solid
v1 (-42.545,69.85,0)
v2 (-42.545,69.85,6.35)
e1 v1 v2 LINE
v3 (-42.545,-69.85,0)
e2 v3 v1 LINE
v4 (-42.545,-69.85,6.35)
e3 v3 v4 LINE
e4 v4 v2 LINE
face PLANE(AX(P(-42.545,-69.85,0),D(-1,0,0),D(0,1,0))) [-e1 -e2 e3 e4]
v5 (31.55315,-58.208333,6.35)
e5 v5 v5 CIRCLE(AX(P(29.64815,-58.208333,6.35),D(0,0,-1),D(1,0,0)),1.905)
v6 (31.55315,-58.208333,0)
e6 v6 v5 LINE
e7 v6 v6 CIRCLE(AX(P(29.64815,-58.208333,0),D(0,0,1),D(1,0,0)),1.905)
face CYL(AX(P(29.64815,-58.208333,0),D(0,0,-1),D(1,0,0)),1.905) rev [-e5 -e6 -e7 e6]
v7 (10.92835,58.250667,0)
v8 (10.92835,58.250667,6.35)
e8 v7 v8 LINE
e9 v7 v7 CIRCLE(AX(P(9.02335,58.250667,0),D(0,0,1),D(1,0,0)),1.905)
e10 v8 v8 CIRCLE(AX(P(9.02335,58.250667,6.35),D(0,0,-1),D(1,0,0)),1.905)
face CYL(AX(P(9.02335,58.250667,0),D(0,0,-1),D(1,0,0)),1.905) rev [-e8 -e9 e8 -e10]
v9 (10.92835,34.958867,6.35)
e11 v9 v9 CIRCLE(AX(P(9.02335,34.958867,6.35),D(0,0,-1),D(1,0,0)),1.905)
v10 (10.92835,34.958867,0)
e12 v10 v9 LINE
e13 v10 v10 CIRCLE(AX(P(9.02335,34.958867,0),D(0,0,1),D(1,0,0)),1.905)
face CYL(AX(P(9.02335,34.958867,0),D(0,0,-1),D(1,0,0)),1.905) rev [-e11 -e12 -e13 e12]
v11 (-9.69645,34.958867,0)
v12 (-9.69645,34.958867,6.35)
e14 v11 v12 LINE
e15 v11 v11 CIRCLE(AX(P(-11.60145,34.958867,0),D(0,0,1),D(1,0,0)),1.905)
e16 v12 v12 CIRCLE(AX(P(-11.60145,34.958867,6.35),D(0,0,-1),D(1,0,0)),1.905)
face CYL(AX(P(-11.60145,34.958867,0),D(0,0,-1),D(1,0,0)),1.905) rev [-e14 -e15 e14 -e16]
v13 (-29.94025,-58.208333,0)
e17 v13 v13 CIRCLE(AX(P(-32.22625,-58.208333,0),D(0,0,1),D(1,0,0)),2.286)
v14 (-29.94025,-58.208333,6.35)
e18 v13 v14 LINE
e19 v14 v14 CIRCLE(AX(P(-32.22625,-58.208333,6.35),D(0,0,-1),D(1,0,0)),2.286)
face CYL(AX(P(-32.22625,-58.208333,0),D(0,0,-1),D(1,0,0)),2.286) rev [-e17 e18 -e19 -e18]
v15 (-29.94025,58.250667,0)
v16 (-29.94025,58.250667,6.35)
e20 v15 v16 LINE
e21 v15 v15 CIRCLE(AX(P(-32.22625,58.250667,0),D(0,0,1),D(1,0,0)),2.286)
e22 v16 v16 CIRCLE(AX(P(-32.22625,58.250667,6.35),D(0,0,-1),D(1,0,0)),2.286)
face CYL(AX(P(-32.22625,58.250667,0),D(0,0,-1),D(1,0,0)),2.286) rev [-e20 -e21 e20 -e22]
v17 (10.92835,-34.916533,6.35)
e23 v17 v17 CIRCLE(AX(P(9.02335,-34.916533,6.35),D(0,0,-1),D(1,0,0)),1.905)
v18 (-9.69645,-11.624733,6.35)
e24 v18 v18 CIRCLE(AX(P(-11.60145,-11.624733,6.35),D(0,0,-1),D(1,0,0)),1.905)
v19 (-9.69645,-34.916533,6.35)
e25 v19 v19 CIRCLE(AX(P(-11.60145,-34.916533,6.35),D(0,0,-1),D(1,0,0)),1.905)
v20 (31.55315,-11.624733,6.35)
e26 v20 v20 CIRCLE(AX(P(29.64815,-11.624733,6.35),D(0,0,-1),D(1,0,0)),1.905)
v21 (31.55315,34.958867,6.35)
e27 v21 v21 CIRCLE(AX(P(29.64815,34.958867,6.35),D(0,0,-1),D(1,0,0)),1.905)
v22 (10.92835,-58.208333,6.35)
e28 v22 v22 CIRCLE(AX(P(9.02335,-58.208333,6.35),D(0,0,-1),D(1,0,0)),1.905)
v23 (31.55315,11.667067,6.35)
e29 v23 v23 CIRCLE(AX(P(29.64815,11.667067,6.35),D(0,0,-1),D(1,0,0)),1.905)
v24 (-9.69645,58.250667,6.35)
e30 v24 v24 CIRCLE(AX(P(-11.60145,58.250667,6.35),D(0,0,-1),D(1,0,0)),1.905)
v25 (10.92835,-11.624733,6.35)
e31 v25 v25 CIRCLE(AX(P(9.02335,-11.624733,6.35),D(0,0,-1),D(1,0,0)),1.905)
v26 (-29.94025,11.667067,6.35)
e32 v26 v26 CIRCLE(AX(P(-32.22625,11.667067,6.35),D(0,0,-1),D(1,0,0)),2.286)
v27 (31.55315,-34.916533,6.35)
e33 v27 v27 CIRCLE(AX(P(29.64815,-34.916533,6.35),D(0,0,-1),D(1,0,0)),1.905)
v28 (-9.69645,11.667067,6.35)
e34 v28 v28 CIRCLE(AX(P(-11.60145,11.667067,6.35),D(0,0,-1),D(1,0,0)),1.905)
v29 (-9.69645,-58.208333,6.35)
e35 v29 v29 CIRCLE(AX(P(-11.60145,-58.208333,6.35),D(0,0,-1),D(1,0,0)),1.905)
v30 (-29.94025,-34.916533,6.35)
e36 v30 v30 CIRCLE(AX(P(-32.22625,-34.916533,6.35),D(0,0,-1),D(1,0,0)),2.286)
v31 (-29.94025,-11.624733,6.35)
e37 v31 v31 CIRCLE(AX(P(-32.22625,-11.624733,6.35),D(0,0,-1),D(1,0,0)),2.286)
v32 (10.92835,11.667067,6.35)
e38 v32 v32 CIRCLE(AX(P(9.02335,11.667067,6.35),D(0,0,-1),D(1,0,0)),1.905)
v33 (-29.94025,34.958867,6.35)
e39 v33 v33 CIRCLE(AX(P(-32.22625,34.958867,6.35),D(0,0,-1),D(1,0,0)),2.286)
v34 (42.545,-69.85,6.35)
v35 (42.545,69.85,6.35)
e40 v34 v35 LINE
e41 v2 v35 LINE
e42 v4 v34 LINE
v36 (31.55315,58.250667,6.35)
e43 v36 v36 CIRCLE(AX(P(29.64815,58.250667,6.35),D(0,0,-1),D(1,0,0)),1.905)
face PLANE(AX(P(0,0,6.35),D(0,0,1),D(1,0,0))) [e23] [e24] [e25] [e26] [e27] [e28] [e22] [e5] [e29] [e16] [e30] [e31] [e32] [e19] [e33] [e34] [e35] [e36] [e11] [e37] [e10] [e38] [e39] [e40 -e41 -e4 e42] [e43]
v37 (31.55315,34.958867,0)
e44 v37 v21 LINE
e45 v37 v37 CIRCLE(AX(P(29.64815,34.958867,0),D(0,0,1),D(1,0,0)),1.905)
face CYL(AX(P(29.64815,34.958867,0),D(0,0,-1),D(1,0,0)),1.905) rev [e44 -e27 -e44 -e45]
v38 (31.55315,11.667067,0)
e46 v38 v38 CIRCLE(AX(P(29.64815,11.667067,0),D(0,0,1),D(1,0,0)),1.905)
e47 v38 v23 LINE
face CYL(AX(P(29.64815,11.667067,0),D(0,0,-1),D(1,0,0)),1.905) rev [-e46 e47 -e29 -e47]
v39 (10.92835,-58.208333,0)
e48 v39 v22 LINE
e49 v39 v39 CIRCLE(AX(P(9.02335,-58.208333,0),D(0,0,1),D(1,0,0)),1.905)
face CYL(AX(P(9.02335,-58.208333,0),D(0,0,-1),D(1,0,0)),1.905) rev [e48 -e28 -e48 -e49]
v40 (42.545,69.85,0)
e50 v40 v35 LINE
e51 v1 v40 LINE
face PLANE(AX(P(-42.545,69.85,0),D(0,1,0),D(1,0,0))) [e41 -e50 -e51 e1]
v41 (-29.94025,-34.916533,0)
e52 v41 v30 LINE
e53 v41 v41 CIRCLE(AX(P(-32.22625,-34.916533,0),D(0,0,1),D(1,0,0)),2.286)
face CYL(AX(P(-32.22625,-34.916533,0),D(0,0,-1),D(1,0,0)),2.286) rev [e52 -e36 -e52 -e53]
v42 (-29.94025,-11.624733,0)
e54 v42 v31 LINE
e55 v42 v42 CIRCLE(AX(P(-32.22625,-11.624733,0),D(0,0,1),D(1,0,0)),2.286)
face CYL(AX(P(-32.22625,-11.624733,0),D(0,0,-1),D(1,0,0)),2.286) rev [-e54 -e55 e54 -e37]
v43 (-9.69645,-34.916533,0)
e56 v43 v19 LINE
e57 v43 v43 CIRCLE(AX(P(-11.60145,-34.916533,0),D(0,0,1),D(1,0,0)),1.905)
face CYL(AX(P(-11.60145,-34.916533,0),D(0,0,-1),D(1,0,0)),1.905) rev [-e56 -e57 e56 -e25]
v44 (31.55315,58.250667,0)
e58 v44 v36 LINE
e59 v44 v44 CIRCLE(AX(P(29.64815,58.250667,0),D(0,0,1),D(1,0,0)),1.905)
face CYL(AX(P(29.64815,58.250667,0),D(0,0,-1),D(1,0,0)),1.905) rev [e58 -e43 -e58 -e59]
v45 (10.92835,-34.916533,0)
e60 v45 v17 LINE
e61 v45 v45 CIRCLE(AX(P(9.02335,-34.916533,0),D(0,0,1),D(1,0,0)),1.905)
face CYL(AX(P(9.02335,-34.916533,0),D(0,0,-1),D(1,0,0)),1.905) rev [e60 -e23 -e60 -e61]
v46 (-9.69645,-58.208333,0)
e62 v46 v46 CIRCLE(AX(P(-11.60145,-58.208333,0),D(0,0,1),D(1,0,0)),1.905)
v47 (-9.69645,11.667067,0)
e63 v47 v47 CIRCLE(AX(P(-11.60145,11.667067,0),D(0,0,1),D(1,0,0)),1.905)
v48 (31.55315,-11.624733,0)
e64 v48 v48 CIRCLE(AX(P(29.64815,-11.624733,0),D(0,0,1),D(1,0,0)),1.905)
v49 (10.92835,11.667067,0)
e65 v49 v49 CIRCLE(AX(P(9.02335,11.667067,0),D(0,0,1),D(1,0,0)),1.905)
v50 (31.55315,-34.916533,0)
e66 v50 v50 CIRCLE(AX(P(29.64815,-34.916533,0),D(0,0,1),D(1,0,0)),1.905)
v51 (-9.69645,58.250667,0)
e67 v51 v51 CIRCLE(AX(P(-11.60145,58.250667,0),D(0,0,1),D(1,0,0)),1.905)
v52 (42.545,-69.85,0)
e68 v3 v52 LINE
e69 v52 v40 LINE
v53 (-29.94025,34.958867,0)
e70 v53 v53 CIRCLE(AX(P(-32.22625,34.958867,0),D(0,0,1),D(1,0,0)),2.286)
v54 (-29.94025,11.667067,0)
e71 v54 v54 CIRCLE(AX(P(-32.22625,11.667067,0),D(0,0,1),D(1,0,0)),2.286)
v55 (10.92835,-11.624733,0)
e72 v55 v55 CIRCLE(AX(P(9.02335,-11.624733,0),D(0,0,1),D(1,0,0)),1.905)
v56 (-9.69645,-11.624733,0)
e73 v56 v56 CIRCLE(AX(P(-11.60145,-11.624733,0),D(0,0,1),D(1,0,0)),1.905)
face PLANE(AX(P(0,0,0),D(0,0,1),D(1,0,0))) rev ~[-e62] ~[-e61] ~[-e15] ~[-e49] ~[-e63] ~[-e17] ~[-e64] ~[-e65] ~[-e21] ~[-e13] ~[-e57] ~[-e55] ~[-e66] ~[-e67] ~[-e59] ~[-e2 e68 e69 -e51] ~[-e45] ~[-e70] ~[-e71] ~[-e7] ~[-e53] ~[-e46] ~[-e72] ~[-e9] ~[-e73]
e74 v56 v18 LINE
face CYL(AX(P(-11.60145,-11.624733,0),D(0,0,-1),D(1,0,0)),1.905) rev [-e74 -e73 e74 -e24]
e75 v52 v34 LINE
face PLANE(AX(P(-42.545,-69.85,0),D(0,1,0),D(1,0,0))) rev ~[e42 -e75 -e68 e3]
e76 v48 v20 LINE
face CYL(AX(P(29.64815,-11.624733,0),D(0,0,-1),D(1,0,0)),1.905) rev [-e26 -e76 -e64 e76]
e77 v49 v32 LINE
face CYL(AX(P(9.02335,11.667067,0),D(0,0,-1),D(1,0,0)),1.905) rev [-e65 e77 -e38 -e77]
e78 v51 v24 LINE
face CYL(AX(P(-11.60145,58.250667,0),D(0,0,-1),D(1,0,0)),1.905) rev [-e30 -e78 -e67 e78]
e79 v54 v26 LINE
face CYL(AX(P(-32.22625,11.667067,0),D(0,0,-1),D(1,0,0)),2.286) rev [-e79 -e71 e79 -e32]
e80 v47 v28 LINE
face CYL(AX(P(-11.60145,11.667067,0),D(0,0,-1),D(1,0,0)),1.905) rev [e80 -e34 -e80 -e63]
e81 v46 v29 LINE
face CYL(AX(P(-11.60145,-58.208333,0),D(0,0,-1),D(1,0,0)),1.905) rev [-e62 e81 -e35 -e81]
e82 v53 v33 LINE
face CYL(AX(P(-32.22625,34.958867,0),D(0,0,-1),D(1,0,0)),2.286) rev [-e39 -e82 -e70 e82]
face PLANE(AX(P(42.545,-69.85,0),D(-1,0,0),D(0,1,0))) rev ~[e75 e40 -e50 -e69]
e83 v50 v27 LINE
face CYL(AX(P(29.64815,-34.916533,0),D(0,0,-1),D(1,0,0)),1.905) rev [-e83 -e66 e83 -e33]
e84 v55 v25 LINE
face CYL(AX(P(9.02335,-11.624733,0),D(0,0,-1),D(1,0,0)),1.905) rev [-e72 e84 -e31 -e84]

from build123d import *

# Parameters (mm, degrees)
F0_W     = 85.09
F0_H     = 139.7
F1_DEPTH = 6.35
F2_R     = 1.905
F3_DEPTH = 6.351
F4_R     = 2.286
F5_DEPTH = 6.351


with BuildPart() as f1:
    # F0 (on Top) → F1 (new body)
    with BuildSketch(Plane.XY):
        Rectangle(F0_W, F0_H)
    extrude(amount=F1_DEPTH)

    # F2 (on Top) → F3 (cut, through all)
    with BuildSketch(Plane.XY):
        with Locations((-32.22625, -58.208333)):
            Circle(F2_R)
        with Locations((-32.22625, -34.916533)):
            Circle(F2_R)
        with Locations((-32.22625, -11.624733)):
            Circle(F2_R)
        with Locations((-32.22625, 11.667067)):
            Circle(F2_R)
        with Locations((-32.22625, 34.958867)):
            Circle(F2_R)
        with Locations((-32.22625, 58.250667)):
            Circle(F2_R)
        with Locations((-11.60145, -58.208333)):
            Circle(F2_R)
        with Locations((-11.60145, -34.916533)):
            Circle(F2_R)
        with Locations((-11.60145, -11.624733)):
            Circle(F2_R)
        with Locations((-11.60145, 11.667067)):
            Circle(F2_R)
        with Locations((-11.60145, 34.958867)):
            Circle(F2_R)
        with Locations((-11.60145, 58.250667)):
            Circle(F2_R)
        with Locations((9.02335, -58.208333)):
            Circle(F2_R)
        with Locations((9.02335, -34.916533)):
            Circle(F2_R)
        with Locations((9.02335, -11.624733)):
            Circle(F2_R)
        with Locations((9.02335, 11.667067)):
            Circle(F2_R)
        with Locations((9.02335, 34.958867)):
            Circle(F2_R)
        with Locations((9.02335, 58.250667)):
            Circle(F2_R)
        with Locations((29.64815, -58.208333)):
            Circle(F2_R)
        with Locations((29.64815, -34.916533)):
            Circle(F2_R)
        with Locations((29.64815, -11.624733)):
            Circle(F2_R)
        with Locations((29.64815, 11.667067)):
            Circle(F2_R)
        with Locations((29.64815, 34.958867)):
            Circle(F2_R)
        with Locations((29.64815, 58.250667)):
            Circle(F2_R)
    extrude(amount=F3_DEPTH, mode=Mode.SUBTRACT)

    # F4 (on Top) → F5 (cut, through all)
    with BuildSketch(Plane.XY):
        with Locations((-32.22625, -58.208333)):
            Circle(F4_R)
        with Locations((-32.22625, -34.916533)):
            Circle(F4_R)
        with Locations((-32.22625, -11.624733)):
            Circle(F4_R)
        with Locations((-32.22625, 11.667067)):
            Circle(F4_R)
        with Locations((-32.22625, 34.958867)):
            Circle(F4_R)
        with Locations((-32.22625, 58.250667)):
            Circle(F4_R)
    extrude(amount=F5_DEPTH, mode=Mode.SUBTRACT)


solid = f1.part
